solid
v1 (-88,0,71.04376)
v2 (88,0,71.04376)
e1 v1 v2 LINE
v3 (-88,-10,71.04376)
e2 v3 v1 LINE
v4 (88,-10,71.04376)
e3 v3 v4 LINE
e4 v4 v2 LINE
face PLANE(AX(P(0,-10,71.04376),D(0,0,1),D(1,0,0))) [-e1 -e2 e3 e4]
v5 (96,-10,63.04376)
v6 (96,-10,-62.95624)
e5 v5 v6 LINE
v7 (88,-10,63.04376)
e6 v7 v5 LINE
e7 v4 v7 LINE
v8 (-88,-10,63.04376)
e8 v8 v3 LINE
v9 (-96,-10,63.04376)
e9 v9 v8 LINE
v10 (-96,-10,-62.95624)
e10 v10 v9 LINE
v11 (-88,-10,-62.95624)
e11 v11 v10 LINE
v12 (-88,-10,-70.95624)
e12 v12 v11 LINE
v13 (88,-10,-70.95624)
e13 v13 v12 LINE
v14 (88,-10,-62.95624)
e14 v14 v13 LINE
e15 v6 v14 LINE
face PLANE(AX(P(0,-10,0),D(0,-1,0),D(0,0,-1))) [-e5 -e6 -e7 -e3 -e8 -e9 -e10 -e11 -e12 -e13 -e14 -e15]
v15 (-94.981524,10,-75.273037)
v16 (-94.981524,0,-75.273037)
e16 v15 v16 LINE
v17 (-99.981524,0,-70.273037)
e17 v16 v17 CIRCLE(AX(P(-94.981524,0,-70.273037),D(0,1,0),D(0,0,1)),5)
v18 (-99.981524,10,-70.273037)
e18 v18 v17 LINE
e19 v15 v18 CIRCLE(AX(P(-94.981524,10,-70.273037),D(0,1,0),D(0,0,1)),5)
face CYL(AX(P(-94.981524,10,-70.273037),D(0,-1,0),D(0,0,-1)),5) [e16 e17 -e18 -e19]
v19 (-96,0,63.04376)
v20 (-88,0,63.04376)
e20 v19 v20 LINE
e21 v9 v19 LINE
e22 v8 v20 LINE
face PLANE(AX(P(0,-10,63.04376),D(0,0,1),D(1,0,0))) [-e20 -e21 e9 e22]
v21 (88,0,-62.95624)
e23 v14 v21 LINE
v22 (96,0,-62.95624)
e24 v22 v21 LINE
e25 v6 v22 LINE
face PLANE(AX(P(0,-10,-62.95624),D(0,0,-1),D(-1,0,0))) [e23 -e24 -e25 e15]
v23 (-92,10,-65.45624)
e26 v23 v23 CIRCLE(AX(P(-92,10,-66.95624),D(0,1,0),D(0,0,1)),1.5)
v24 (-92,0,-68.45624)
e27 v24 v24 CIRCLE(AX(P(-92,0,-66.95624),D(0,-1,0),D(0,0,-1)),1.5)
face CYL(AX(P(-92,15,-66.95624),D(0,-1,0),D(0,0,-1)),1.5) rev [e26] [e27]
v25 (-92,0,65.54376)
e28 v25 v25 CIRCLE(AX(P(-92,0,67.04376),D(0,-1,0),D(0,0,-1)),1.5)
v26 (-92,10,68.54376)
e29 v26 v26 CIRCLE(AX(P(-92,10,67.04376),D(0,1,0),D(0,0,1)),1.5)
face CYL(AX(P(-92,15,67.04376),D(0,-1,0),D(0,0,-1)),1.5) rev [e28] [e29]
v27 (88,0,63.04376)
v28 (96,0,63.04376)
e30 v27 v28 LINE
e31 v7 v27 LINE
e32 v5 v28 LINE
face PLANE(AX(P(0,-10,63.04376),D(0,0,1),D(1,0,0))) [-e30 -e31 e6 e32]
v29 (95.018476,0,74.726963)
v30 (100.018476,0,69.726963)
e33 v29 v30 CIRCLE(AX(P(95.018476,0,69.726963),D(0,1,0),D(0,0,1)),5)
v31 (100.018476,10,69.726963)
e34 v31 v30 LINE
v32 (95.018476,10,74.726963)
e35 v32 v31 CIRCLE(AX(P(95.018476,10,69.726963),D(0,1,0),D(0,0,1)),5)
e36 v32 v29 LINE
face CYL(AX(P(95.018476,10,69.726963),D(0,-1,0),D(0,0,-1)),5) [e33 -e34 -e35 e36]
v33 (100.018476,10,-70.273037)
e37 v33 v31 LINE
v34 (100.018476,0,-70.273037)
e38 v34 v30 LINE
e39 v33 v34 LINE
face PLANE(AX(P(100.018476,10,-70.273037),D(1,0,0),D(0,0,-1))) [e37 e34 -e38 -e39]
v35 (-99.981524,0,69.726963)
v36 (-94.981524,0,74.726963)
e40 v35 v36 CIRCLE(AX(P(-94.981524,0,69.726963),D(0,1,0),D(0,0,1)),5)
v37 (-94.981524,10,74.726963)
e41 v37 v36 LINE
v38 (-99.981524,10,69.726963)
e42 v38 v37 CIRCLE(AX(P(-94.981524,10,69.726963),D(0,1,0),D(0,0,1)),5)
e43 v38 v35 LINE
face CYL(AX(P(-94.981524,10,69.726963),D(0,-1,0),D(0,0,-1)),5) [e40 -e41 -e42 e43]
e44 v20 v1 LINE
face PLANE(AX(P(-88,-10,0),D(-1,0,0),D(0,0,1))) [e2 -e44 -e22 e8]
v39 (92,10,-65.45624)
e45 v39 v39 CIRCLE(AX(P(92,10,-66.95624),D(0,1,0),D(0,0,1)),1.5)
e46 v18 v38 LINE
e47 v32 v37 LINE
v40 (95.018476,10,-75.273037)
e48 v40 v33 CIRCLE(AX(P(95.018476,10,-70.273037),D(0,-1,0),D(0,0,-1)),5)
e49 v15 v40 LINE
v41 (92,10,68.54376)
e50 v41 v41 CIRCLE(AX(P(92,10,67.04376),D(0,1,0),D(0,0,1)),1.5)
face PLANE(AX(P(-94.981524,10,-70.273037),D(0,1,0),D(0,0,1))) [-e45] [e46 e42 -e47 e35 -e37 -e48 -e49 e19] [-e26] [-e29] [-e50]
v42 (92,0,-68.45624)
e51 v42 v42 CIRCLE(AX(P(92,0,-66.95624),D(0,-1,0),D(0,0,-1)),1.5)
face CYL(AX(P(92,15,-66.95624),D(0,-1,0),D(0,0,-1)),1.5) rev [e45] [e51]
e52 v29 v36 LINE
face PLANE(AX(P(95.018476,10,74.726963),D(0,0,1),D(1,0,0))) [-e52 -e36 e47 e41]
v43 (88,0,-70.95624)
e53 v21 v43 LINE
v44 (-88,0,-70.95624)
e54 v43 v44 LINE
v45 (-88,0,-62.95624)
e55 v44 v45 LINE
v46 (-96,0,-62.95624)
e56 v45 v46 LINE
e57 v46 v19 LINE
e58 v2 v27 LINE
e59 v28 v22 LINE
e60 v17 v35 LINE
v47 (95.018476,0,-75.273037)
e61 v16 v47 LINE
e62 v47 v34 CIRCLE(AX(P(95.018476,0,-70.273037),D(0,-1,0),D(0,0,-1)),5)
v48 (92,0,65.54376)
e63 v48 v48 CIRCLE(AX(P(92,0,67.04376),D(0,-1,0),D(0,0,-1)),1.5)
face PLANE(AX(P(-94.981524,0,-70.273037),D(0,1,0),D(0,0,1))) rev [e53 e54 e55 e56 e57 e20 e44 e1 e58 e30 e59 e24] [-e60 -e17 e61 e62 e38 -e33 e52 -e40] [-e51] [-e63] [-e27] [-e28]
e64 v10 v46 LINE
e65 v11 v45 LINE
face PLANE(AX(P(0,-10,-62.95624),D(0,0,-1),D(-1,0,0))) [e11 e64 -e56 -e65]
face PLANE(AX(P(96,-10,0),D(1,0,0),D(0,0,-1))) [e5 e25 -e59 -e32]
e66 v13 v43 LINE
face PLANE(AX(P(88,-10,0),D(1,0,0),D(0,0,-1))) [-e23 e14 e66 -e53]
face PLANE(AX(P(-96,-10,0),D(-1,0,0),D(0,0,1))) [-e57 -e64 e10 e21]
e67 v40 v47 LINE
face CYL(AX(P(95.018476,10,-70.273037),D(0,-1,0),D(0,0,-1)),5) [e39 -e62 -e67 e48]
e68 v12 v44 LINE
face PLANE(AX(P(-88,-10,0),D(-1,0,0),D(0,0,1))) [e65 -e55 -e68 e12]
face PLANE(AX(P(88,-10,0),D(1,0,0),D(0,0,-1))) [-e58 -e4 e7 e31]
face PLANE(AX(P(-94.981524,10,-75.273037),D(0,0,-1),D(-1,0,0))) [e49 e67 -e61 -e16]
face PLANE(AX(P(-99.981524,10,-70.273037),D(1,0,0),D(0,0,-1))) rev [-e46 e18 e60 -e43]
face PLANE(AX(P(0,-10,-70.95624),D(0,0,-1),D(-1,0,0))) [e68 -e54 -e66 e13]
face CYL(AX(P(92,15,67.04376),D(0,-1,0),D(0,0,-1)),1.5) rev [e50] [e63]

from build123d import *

# Parameters (mm, degrees)
DODANIE_WYCI_GNI_CIE1_DEPTH = 10
DODANIE_WYCI_GNI_CIE2_DEPTH = 10
SZKIC5_R                    = 1.5
WYTNIJ_WYCI_GNI_CIE1_DEPTH  = 15


with BuildPart() as part:
    # Szkic1 → Dodanie-wyciągnięcie1 (new body)
    with BuildSketch(Plane(origin=(0, 0, 0), x_dir=(1, 0, 0), z_dir=(0, 1, 0))):
        with BuildLine():
            Line((-94.981523654, 75.273037309), (95.018476346, 75.273037309))
            ThreePointArc((95.018476346, 75.273037309), (98.554010252, 73.808571215), (100.018476346, 70.273037309))
            Line((100.018476346, 70.273037309), (100.018476346, -69.726962691))
            ThreePointArc((100.018476346, -69.726962691), (98.554010252, -73.262496597), (95.018476346, -74.726962691))
            Line((95.018476346, -74.726962691), (-94.981523654, -74.726962691))
            ThreePointArc((-94.981523654, -74.726962691), (-98.51705756, -73.262496597), (-99.981523654, -69.726962691))
            Line((-99.981523654, -69.726962691), (-99.981523654, 70.273037309))
            ThreePointArc((-99.981523654, 70.273037309), (-98.51705756, 73.808571215), (-94.981523654, 75.273037309))
        make_face()
    extrude(amount=DODANIE_WYCI_GNI_CIE1_DEPTH)

    # Szkic4 → Dodanie-wyciągnięcie2 (add)
    with BuildSketch(Plane.XZ):
        Polygon((-96, 63.04375976), (-88, 63.04375976), (-88, 71.04375976), (88, 71.04375976), (88, 63.04375976), (96, 63.04375976), (96, -62.95624024), (88, -62.95624024), (88, -70.95624024), (-88, -70.95624024), (-88, -62.95624024), (-96, -62.95624024), align=None)
    extrude(amount=DODANIE_WYCI_GNI_CIE2_DEPTH)

    # Szkic5 → Wytnij-wyciągnięcie1 (cut)
    with BuildSketch(Plane.XZ):
        with Locations(Location((-92, -66.95624024, 0), (0, 0, 270))):
            Circle(SZKIC5_R)
        with Locations(Location((-92, 67.04375976, 0), (0, 0, 270))):
            Circle(SZKIC5_R)
        with Locations(Location((92, 67.04375976, 0), (0, 0, 270))):
            Circle(SZKIC5_R)
        with Locations(Location((92, -66.95624024, 0), (0, 0, 270))):
            Circle(SZKIC5_R)
    extrude(amount=-WYTNIJ_WYCI_GNI_CIE1_DEPTH, mode=Mode.SUBTRACT)


solid = part.part
